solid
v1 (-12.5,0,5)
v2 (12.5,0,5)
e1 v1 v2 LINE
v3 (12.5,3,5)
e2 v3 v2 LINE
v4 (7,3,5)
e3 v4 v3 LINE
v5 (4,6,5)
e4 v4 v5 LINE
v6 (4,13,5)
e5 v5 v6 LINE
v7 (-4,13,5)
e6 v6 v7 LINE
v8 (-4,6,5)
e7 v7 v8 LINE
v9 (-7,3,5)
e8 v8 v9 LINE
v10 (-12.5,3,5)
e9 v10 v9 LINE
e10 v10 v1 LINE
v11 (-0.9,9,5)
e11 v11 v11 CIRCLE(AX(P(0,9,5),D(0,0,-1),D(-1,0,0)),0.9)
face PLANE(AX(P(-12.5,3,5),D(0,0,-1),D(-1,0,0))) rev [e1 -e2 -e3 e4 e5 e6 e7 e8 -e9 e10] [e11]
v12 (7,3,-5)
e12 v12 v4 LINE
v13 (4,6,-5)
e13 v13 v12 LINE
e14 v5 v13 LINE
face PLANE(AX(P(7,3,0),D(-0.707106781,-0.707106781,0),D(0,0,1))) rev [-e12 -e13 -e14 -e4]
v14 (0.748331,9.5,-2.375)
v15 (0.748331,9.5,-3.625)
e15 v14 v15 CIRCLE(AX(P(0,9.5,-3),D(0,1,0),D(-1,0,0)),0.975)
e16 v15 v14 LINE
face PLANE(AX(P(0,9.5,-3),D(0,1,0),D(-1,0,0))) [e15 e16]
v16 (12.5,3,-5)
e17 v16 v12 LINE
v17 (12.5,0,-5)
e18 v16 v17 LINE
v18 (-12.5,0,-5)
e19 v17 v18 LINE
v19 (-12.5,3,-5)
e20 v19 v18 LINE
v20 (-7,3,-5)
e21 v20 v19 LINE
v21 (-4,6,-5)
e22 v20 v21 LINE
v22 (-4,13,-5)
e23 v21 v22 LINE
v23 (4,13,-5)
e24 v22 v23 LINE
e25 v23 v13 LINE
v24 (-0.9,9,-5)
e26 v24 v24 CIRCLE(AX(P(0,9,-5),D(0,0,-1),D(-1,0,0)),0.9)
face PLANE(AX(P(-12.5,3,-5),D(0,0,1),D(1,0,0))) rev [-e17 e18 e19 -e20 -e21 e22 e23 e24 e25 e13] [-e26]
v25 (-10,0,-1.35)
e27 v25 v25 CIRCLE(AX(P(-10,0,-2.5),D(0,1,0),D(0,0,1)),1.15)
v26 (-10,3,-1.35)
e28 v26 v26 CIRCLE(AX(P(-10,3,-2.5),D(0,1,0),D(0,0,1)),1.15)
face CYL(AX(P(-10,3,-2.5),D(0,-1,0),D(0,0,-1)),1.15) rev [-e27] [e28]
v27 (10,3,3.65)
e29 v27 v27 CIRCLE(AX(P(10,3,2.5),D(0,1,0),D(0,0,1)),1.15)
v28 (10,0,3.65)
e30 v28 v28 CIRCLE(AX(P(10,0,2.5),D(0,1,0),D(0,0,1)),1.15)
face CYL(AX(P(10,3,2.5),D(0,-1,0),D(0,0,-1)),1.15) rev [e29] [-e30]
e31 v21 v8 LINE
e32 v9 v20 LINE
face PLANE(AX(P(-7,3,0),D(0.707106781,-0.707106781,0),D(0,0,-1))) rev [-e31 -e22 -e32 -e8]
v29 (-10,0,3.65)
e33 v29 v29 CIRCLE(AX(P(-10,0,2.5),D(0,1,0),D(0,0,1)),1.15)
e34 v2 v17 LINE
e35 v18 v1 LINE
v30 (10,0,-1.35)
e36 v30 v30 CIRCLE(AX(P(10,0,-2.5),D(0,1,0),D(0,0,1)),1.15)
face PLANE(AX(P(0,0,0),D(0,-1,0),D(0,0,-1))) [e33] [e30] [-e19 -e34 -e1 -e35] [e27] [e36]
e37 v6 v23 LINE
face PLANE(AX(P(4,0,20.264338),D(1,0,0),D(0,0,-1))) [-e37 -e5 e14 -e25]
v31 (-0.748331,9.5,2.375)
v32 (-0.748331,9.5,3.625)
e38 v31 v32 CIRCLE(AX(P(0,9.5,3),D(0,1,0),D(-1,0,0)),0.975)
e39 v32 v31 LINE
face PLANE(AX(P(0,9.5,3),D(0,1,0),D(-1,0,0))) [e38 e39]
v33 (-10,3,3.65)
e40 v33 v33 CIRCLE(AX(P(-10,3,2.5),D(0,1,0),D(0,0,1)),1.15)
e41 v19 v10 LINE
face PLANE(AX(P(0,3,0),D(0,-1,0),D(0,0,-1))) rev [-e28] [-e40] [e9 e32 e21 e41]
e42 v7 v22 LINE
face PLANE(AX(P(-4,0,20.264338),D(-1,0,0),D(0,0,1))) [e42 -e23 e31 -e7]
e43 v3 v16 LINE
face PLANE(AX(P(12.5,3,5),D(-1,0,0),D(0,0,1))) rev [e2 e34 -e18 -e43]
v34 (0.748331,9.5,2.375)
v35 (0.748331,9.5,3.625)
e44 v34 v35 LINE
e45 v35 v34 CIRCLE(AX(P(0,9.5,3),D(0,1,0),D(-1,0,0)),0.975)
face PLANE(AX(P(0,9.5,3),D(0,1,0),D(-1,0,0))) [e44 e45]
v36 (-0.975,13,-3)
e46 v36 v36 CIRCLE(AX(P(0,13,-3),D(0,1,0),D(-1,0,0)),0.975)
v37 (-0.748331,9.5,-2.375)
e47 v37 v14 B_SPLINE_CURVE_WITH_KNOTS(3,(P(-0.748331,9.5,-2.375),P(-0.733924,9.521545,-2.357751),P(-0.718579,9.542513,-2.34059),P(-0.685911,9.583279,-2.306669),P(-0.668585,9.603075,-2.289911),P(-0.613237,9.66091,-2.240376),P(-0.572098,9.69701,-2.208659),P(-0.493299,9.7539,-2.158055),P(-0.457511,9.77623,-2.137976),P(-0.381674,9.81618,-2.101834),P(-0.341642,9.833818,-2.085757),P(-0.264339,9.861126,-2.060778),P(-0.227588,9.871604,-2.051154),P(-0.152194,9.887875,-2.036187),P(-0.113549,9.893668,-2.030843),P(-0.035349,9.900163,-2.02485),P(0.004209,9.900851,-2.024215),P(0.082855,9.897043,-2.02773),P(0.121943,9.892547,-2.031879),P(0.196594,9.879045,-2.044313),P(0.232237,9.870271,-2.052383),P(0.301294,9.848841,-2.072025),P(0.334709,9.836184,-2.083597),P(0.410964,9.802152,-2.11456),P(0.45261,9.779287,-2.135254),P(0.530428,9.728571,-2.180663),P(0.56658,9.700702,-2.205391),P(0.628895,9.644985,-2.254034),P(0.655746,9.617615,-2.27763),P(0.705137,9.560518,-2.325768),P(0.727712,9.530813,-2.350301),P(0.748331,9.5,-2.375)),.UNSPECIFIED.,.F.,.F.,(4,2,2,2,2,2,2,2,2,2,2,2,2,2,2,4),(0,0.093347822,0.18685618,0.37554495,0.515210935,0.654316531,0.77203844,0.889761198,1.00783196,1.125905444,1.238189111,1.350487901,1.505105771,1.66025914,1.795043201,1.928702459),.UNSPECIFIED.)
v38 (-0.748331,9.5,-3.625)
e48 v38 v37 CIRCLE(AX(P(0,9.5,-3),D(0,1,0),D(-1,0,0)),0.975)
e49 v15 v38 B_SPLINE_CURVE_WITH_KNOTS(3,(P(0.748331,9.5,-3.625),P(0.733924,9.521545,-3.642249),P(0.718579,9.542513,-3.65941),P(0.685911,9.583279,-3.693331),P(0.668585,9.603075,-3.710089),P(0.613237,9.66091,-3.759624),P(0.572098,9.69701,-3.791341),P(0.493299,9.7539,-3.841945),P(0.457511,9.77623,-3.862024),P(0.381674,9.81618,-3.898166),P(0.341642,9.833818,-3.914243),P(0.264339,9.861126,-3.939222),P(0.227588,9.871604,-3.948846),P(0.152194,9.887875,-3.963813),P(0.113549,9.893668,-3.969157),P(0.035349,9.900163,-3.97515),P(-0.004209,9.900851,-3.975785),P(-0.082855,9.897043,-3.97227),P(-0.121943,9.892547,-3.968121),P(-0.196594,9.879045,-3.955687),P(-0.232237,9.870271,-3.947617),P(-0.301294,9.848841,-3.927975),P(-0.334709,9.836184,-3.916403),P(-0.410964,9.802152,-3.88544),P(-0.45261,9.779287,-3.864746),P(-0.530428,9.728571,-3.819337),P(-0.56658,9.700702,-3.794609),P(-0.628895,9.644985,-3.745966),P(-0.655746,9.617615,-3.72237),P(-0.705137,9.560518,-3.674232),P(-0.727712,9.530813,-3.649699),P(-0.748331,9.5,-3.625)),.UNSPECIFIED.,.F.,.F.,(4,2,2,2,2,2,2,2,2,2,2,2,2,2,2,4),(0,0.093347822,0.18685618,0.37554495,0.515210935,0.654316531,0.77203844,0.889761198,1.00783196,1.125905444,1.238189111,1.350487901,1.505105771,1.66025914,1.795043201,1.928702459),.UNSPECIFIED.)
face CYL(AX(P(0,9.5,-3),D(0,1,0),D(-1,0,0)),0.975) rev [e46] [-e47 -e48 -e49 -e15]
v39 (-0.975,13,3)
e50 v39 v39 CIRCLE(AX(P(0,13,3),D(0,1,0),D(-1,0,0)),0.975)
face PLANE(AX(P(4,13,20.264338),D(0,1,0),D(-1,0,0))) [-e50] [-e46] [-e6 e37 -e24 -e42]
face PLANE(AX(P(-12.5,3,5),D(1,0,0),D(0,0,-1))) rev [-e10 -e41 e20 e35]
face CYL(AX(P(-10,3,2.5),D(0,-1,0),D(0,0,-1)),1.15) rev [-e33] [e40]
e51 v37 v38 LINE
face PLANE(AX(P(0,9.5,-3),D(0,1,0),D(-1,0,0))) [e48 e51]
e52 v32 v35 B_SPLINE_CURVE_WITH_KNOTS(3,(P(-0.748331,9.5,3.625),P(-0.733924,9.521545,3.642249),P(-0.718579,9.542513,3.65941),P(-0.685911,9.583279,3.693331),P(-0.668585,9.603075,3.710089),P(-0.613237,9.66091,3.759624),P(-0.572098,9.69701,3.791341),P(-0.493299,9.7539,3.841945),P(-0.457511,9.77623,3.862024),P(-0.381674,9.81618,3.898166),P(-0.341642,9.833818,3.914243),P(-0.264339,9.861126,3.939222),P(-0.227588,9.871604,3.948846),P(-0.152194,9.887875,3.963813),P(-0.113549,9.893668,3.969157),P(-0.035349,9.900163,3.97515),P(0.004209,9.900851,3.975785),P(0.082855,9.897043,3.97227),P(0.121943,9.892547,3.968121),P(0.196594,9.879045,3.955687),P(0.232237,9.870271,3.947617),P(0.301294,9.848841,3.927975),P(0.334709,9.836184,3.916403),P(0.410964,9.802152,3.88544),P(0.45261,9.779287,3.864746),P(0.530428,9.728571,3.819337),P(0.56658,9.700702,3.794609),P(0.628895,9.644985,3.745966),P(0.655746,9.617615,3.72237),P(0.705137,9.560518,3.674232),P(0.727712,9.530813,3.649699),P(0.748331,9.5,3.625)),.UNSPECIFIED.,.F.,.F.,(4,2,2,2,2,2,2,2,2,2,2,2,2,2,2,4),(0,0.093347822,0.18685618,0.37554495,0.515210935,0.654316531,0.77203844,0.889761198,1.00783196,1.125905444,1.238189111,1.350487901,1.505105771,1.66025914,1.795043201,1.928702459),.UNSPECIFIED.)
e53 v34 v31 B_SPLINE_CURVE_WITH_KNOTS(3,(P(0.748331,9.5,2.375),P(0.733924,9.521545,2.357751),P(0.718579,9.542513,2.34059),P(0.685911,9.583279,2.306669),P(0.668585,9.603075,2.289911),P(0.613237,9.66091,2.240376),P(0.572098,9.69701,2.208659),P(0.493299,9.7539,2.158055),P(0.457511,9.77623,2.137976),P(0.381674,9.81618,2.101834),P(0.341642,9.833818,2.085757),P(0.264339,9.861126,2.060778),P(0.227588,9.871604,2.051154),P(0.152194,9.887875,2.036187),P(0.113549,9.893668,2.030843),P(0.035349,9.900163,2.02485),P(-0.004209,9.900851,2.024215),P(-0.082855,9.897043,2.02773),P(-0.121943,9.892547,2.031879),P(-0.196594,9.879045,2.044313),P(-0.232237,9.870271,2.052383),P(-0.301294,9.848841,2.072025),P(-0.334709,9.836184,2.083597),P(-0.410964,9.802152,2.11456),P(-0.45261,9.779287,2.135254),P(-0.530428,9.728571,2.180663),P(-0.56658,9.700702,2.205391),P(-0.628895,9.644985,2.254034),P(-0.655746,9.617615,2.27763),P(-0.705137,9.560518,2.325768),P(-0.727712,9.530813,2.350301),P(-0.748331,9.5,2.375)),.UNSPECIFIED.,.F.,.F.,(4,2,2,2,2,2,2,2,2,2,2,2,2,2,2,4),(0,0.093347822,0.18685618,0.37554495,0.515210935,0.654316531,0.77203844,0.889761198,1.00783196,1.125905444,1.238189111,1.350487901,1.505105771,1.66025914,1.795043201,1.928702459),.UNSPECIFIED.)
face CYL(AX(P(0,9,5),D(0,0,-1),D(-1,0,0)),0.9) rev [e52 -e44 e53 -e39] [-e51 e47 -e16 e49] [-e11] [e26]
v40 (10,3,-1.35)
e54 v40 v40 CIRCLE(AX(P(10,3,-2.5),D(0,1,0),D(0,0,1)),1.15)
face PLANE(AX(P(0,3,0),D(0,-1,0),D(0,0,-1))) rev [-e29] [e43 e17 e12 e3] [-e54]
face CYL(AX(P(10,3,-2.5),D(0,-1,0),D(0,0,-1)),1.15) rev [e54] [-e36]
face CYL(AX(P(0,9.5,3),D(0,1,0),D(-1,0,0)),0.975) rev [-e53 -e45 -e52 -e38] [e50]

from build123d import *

# Parameters (mm, degrees)
SKETCH1_W           = 25
SKETCH1_H           = 10
SKETCH1_R           = 1.15
BOSS_EXTRUDE1_DEPTH = 3
SKETCH3_W           = 8
SKETCH3_H           = 13
BOSS_EXTRUDE2_DEPTH = 10
SKETCH4_R           = 0.9
CUT_EXTRUDE1_DEPTH  = 21.621590627
SKETCH5_R           = 0.975
CUT_EXTRUDE2_DEPTH  = 3.5
CHAMFER1_SIZE       = 3


with BuildPart() as part:
    # Sketch1 → Boss-Extrude1 (new body)
    with BuildSketch(Plane(origin=(0, 0, 0), x_dir=(1, 0, 0), z_dir=(0, 1, 0))):
        Rectangle(SKETCH1_W, SKETCH1_H)
        with Locations(Location((-10, 2.5, 0), (0, 0, 270))):
            Circle(SKETCH1_R, mode=Mode.SUBTRACT)
        with Locations(Location((-10, -2.5, 0), (0, 0, 270))):
            Circle(SKETCH1_R, mode=Mode.SUBTRACT)
        with Locations(Location((10, 2.5, 0), (0, 0, 270))):
            Circle(SKETCH1_R, mode=Mode.SUBTRACT)
        with Locations(Location((10, -2.5, 0), (0, 0, 270))):
            Circle(SKETCH1_R, mode=Mode.SUBTRACT)
    extrude(amount=BOSS_EXTRUDE1_DEPTH)

    # Sketch3 → Boss-Extrude2 (add)
    with BuildSketch(Plane(origin=(0, 0, -5), x_dir=(-1, 0, 0), z_dir=(0, 0, -1))):
        with Locations((0, 6.5)):
            Rectangle(SKETCH3_W, SKETCH3_H)
    extrude(amount=-BOSS_EXTRUDE2_DEPTH)

    # Sketch4 → Cut-Extrude1 (cut, through all)
    with BuildSketch(Plane(origin=(0, 0, -5), x_dir=(-1, 0, 0), z_dir=(0, 0, -1))):
        with Locations((0, 9)):
            Circle(SKETCH4_R)
    extrude(amount=-CUT_EXTRUDE1_DEPTH, mode=Mode.SUBTRACT)

    # Sketch5 → Cut-Extrude2 (cut)
    with BuildSketch(Plane(origin=(0, 13, 0), x_dir=(1, 0, 0), z_dir=(0, 1, 0))):
        with Locations(Location((0, 3, 0), (0, 0, 180))):
            Circle(SKETCH5_R)
        with Locations(Location((0, -3, 0), (0, 0, 180))):
            Circle(SKETCH5_R)
    extrude(amount=-CUT_EXTRUDE2_DEPTH, mode=Mode.SUBTRACT)

    # Chamfer1
    chamfer1_edges = [part.edges().sort_by_distance(p)[0] for p in [
        (4, 3, 0),
        (-4, 3, 0),
    ]]
    chamfer(chamfer1_edges, length=CHAMFER1_SIZE)


solid = part.part
